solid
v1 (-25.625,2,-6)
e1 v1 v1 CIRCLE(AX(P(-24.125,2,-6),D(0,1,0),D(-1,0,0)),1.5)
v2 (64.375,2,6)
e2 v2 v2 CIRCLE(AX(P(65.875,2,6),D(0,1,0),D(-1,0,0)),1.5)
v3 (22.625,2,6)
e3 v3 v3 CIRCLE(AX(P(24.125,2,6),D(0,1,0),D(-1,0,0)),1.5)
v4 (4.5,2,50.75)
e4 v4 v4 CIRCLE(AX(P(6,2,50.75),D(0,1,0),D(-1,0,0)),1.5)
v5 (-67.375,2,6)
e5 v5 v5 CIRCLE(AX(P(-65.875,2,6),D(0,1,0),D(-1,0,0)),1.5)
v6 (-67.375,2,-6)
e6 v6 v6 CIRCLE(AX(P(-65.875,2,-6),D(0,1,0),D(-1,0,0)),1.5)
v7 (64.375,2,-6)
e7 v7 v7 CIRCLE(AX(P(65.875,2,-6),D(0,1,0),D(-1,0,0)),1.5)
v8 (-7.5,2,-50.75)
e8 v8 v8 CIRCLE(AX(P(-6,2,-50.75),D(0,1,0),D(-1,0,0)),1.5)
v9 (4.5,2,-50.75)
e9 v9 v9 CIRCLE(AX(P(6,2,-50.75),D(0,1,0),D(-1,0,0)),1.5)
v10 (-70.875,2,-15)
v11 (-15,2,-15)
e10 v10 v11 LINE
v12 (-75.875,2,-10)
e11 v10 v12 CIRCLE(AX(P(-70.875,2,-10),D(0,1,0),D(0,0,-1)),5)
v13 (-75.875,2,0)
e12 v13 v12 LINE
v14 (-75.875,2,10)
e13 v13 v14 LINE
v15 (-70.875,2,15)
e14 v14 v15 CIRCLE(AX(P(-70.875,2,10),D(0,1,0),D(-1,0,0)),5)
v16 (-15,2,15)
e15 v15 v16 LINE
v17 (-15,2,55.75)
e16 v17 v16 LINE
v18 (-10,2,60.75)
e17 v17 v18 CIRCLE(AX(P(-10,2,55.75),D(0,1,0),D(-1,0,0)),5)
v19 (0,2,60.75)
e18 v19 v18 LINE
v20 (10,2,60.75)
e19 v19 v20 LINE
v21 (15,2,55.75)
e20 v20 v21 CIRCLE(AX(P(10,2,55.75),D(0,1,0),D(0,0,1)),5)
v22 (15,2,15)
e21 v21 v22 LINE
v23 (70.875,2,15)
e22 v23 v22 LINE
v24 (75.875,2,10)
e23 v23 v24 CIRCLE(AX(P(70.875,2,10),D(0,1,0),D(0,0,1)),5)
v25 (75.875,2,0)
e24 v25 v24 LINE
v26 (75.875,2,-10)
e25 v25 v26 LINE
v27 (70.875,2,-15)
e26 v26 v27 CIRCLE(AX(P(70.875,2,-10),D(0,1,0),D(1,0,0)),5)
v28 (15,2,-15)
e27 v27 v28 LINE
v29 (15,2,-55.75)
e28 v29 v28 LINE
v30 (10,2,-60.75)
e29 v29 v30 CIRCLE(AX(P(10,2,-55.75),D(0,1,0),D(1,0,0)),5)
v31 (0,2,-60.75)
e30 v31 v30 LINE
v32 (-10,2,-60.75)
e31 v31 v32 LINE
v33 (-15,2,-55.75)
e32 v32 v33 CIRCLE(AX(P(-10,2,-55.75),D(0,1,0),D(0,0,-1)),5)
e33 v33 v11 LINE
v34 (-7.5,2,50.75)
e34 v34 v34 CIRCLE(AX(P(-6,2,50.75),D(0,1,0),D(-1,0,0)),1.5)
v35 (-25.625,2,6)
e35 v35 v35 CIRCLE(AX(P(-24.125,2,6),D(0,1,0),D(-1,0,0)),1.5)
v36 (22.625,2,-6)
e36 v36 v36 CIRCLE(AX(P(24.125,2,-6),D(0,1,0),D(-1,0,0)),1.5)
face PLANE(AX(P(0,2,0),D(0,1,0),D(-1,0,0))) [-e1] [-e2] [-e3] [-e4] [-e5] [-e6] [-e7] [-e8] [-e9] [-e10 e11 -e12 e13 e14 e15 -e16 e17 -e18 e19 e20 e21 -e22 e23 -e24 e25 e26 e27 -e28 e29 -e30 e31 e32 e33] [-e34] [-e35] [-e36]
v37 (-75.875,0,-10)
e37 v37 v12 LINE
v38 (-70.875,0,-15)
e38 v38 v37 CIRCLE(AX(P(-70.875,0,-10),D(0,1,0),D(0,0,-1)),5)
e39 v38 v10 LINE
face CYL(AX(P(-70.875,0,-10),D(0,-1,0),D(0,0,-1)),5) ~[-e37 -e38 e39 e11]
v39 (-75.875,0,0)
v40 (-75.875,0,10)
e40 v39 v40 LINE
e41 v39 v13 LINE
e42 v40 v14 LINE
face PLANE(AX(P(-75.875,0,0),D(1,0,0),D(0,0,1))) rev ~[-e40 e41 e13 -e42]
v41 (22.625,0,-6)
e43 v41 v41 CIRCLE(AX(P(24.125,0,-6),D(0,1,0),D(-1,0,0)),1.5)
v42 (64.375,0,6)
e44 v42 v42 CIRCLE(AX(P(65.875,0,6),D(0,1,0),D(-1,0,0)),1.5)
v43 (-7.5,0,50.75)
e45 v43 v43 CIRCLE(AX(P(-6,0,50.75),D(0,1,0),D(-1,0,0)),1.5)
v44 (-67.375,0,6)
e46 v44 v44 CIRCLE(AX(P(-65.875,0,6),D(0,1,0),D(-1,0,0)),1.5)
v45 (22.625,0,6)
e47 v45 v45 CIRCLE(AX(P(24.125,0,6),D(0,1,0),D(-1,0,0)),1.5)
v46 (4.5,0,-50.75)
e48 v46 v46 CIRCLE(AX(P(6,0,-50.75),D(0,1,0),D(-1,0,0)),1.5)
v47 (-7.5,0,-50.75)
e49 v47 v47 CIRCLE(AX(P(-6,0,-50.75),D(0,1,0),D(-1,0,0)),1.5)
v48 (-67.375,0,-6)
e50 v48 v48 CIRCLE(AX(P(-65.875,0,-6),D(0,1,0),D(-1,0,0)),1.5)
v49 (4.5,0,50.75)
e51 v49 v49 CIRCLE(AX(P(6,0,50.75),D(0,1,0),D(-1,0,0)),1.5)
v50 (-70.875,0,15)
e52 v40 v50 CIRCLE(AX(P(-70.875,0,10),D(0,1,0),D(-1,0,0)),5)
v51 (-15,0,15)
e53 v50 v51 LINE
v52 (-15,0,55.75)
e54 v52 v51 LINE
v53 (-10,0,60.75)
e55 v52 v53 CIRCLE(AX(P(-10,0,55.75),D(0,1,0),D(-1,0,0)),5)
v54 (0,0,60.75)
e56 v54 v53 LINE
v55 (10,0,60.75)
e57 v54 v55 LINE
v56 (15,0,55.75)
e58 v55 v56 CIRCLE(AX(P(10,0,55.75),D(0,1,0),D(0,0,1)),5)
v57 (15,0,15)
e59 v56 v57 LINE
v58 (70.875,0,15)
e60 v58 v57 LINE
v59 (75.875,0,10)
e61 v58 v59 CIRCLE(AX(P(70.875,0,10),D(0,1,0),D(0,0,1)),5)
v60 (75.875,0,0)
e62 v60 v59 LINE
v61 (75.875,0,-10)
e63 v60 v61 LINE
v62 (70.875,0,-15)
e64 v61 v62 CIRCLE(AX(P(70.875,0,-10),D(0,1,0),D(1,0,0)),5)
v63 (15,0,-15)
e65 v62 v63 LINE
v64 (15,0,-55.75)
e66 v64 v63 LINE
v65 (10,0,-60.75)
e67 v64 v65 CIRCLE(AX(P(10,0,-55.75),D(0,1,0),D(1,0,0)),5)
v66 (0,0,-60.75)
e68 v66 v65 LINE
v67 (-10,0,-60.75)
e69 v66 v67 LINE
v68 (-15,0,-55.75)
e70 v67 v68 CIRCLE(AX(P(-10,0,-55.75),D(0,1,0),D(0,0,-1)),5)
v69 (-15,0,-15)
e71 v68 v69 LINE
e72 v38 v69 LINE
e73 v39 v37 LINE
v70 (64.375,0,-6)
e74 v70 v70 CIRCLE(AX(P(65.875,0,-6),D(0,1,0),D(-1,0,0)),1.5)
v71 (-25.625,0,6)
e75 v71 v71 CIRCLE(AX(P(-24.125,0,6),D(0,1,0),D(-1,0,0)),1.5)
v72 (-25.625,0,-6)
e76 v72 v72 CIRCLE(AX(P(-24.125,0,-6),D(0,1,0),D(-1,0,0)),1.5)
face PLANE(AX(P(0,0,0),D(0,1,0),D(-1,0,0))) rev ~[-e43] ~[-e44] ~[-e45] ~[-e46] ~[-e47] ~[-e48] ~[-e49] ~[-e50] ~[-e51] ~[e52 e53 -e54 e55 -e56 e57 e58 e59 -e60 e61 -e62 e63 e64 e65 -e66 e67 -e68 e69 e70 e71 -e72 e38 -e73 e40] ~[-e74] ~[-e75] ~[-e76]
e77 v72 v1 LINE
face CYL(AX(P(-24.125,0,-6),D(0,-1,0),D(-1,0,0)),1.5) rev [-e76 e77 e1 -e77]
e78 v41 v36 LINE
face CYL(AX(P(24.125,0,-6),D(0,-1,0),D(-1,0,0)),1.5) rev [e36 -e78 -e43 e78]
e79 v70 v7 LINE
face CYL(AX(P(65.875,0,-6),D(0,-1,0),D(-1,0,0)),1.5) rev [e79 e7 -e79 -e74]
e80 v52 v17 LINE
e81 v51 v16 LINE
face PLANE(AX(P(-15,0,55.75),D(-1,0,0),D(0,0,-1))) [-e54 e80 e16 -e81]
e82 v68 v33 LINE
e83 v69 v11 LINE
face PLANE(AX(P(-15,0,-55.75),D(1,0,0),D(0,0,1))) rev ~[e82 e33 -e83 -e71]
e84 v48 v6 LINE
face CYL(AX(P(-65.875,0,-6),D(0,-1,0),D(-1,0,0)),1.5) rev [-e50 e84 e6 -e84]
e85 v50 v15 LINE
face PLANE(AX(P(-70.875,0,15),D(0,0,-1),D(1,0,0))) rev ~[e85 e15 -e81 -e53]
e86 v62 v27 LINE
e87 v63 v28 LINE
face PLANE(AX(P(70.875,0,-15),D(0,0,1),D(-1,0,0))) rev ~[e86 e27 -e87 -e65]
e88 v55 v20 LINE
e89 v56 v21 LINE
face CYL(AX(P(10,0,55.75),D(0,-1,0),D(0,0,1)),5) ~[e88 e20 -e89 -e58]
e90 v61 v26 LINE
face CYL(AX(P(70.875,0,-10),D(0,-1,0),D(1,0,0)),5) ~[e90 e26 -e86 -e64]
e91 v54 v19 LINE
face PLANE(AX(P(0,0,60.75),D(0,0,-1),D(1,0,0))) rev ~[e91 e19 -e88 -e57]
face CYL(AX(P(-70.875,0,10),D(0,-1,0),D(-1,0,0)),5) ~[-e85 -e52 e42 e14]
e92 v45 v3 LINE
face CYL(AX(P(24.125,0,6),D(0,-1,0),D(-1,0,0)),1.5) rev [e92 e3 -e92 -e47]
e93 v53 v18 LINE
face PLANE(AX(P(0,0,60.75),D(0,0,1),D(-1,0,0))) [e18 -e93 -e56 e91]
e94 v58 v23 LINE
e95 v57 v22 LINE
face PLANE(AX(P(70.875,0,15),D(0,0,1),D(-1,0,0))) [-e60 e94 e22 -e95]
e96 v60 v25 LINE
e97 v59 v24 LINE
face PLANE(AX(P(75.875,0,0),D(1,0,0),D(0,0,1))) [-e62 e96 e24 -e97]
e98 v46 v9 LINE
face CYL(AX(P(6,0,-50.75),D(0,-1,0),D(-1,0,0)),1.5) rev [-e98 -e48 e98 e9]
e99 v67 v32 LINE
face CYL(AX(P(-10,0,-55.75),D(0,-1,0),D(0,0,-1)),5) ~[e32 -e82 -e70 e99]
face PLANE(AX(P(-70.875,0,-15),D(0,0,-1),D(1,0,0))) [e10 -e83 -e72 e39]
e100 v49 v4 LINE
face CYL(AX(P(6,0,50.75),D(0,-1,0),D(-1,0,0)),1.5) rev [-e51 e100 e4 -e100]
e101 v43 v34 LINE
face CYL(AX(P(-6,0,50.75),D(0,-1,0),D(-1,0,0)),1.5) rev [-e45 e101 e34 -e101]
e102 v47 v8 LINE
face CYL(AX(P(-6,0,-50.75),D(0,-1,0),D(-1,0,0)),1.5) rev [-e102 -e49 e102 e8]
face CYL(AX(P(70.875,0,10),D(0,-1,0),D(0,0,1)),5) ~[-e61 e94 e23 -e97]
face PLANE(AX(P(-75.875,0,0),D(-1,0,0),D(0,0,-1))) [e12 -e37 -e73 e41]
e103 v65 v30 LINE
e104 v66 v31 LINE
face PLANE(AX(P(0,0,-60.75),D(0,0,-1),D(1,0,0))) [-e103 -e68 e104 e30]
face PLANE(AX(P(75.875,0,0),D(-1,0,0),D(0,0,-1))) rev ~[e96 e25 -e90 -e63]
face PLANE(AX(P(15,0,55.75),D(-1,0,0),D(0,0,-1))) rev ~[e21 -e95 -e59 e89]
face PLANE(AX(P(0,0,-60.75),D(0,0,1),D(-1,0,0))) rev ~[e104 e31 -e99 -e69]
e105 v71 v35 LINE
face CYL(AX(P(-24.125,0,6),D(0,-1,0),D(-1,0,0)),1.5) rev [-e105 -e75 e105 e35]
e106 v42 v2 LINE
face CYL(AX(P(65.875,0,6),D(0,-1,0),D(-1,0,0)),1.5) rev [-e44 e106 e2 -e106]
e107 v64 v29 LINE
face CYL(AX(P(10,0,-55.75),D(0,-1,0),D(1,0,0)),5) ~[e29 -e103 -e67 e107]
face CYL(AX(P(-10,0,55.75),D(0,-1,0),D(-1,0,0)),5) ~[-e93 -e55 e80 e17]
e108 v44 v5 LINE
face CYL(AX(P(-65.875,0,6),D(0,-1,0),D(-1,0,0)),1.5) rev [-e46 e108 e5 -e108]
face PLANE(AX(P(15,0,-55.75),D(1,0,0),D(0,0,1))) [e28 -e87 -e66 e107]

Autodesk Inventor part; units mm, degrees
ref_plane "YZ Plane" through (0, 0, 0) normal (1, 0, 0) x (0, 1, 0)
ref_plane "XZ Plane" through (0, 0, 0) normal (0, 1, 0) x (-1, 0, 0)
ref_plane "XY Plane" through (0, 0, 0) normal (0, 0, 1) x (1, 0, 0)
sketch "Sketch1" plane through (0, 0, 0) normal (0, 1, 0) x (-1, 0, 0)
  line L0 (0, -273.05) -> (0, 296.8625) construction
  line L1 (373.0625, 0) -> (-258.7625, 0) construction
  circle A0 centre (24.125, -6) radius 1.5
  circle A1 centre (65.875, -6) radius 1.5
  circle A2 centre (24.125, 6) radius 1.5
  circle A3 centre (65.875, 6) radius 1.5
  circle A4 centre (-24.125, -6) radius 1.5
  circle A5 centre (-65.875, -6) radius 1.5
  circle A6 centre (-24.125, 6) radius 1.5
  circle A7 centre (-65.875, 6) radius 1.5
  circle A8 centre (6, 50.75) radius 1.5
  circle A9 centre (-6, 50.75) radius 1.5
  circle A10 centre (6, -50.75) radius 1.5
  circle A11 centre (-6, -50.75) radius 1.5
  line L2 (75.875, 0) -> (75.875, -10)
  line L3 (70.875, -15) -> (15, -15)
  line L4 (0, -60.75) -> (10, -60.75)
  line L5 (15, -55.75) -> (15, -15)
  arc A12 (70.875, -15) -> (75.875, -10) centre (70.875, -10) ccw
  arc A13 (10, -60.75) -> (15, -55.75) centre (10, -55.75) ccw
  line L6 (-75.875, 0) -> (-75.875, -10)
  line L7 (-70.875, -15) -> (-15, -15)
  line L8 (0, -60.75) -> (-10, -60.75)
  line L9 (-15, -55.75) -> (-15, -15)
  arc A14 (-15, -55.75) -> (-10, -60.75) centre (-10, -55.75) ccw
  arc A15 (-75.875, -10) -> (-70.875, -15) centre (-70.875, -10) ccw
  line L10 (75.875, 0) -> (75.875, 10)
  line L11 (70.875, 15) -> (15, 15)
  line L12 (0, 60.75) -> (10, 60.75)
  line L13 (15, 55.75) -> (15, 15)
  arc A16 (75.875, 10) -> (70.875, 15) centre (70.875, 10) ccw
  arc A17 (15, 55.75) -> (10, 60.75) centre (10, 55.75) ccw
  line L14 (-70.875, 15) -> (-15, 15)
  line L15 (-75.875, 0) -> (-75.875, 10)
  line L16 (-15, 55.75) -> (-15, 15)
  arc A18 (-10, 60.75) -> (-15, 55.75) centre (-10, 55.75) ccw
  line L17 (0, 60.75) -> (-10, 60.75)
  arc A19 (-70.875, 15) -> (-75.875, 10) centre (-70.875, 10) ccw
  point P0 (0, 0)
  point P1 (75.875, -15)
  point P2 (15, -60.75)
  point P3 (75.875, 15)
  point P4 (15, 60.75)
  dimension "d1" = 24.125
  dimension "d3" = 6
  dimension "d4" = 3
  dimension "d5" = 41.75
  dimension "d6" = 3
  dimension "d7" = 50.75
  dimension "d8" = 6
  dimension "d9" = 15
  dimension "d10" = 10
  dimension "d11" = 15
  dimension "d12" = 10
  dimension "d13" = 5
  dimension "d14" = 5
extrude "Extrusion1" add sketch "Sketch1" along normal blind 2
properties part number "Konektor Casis_3DPrint"
